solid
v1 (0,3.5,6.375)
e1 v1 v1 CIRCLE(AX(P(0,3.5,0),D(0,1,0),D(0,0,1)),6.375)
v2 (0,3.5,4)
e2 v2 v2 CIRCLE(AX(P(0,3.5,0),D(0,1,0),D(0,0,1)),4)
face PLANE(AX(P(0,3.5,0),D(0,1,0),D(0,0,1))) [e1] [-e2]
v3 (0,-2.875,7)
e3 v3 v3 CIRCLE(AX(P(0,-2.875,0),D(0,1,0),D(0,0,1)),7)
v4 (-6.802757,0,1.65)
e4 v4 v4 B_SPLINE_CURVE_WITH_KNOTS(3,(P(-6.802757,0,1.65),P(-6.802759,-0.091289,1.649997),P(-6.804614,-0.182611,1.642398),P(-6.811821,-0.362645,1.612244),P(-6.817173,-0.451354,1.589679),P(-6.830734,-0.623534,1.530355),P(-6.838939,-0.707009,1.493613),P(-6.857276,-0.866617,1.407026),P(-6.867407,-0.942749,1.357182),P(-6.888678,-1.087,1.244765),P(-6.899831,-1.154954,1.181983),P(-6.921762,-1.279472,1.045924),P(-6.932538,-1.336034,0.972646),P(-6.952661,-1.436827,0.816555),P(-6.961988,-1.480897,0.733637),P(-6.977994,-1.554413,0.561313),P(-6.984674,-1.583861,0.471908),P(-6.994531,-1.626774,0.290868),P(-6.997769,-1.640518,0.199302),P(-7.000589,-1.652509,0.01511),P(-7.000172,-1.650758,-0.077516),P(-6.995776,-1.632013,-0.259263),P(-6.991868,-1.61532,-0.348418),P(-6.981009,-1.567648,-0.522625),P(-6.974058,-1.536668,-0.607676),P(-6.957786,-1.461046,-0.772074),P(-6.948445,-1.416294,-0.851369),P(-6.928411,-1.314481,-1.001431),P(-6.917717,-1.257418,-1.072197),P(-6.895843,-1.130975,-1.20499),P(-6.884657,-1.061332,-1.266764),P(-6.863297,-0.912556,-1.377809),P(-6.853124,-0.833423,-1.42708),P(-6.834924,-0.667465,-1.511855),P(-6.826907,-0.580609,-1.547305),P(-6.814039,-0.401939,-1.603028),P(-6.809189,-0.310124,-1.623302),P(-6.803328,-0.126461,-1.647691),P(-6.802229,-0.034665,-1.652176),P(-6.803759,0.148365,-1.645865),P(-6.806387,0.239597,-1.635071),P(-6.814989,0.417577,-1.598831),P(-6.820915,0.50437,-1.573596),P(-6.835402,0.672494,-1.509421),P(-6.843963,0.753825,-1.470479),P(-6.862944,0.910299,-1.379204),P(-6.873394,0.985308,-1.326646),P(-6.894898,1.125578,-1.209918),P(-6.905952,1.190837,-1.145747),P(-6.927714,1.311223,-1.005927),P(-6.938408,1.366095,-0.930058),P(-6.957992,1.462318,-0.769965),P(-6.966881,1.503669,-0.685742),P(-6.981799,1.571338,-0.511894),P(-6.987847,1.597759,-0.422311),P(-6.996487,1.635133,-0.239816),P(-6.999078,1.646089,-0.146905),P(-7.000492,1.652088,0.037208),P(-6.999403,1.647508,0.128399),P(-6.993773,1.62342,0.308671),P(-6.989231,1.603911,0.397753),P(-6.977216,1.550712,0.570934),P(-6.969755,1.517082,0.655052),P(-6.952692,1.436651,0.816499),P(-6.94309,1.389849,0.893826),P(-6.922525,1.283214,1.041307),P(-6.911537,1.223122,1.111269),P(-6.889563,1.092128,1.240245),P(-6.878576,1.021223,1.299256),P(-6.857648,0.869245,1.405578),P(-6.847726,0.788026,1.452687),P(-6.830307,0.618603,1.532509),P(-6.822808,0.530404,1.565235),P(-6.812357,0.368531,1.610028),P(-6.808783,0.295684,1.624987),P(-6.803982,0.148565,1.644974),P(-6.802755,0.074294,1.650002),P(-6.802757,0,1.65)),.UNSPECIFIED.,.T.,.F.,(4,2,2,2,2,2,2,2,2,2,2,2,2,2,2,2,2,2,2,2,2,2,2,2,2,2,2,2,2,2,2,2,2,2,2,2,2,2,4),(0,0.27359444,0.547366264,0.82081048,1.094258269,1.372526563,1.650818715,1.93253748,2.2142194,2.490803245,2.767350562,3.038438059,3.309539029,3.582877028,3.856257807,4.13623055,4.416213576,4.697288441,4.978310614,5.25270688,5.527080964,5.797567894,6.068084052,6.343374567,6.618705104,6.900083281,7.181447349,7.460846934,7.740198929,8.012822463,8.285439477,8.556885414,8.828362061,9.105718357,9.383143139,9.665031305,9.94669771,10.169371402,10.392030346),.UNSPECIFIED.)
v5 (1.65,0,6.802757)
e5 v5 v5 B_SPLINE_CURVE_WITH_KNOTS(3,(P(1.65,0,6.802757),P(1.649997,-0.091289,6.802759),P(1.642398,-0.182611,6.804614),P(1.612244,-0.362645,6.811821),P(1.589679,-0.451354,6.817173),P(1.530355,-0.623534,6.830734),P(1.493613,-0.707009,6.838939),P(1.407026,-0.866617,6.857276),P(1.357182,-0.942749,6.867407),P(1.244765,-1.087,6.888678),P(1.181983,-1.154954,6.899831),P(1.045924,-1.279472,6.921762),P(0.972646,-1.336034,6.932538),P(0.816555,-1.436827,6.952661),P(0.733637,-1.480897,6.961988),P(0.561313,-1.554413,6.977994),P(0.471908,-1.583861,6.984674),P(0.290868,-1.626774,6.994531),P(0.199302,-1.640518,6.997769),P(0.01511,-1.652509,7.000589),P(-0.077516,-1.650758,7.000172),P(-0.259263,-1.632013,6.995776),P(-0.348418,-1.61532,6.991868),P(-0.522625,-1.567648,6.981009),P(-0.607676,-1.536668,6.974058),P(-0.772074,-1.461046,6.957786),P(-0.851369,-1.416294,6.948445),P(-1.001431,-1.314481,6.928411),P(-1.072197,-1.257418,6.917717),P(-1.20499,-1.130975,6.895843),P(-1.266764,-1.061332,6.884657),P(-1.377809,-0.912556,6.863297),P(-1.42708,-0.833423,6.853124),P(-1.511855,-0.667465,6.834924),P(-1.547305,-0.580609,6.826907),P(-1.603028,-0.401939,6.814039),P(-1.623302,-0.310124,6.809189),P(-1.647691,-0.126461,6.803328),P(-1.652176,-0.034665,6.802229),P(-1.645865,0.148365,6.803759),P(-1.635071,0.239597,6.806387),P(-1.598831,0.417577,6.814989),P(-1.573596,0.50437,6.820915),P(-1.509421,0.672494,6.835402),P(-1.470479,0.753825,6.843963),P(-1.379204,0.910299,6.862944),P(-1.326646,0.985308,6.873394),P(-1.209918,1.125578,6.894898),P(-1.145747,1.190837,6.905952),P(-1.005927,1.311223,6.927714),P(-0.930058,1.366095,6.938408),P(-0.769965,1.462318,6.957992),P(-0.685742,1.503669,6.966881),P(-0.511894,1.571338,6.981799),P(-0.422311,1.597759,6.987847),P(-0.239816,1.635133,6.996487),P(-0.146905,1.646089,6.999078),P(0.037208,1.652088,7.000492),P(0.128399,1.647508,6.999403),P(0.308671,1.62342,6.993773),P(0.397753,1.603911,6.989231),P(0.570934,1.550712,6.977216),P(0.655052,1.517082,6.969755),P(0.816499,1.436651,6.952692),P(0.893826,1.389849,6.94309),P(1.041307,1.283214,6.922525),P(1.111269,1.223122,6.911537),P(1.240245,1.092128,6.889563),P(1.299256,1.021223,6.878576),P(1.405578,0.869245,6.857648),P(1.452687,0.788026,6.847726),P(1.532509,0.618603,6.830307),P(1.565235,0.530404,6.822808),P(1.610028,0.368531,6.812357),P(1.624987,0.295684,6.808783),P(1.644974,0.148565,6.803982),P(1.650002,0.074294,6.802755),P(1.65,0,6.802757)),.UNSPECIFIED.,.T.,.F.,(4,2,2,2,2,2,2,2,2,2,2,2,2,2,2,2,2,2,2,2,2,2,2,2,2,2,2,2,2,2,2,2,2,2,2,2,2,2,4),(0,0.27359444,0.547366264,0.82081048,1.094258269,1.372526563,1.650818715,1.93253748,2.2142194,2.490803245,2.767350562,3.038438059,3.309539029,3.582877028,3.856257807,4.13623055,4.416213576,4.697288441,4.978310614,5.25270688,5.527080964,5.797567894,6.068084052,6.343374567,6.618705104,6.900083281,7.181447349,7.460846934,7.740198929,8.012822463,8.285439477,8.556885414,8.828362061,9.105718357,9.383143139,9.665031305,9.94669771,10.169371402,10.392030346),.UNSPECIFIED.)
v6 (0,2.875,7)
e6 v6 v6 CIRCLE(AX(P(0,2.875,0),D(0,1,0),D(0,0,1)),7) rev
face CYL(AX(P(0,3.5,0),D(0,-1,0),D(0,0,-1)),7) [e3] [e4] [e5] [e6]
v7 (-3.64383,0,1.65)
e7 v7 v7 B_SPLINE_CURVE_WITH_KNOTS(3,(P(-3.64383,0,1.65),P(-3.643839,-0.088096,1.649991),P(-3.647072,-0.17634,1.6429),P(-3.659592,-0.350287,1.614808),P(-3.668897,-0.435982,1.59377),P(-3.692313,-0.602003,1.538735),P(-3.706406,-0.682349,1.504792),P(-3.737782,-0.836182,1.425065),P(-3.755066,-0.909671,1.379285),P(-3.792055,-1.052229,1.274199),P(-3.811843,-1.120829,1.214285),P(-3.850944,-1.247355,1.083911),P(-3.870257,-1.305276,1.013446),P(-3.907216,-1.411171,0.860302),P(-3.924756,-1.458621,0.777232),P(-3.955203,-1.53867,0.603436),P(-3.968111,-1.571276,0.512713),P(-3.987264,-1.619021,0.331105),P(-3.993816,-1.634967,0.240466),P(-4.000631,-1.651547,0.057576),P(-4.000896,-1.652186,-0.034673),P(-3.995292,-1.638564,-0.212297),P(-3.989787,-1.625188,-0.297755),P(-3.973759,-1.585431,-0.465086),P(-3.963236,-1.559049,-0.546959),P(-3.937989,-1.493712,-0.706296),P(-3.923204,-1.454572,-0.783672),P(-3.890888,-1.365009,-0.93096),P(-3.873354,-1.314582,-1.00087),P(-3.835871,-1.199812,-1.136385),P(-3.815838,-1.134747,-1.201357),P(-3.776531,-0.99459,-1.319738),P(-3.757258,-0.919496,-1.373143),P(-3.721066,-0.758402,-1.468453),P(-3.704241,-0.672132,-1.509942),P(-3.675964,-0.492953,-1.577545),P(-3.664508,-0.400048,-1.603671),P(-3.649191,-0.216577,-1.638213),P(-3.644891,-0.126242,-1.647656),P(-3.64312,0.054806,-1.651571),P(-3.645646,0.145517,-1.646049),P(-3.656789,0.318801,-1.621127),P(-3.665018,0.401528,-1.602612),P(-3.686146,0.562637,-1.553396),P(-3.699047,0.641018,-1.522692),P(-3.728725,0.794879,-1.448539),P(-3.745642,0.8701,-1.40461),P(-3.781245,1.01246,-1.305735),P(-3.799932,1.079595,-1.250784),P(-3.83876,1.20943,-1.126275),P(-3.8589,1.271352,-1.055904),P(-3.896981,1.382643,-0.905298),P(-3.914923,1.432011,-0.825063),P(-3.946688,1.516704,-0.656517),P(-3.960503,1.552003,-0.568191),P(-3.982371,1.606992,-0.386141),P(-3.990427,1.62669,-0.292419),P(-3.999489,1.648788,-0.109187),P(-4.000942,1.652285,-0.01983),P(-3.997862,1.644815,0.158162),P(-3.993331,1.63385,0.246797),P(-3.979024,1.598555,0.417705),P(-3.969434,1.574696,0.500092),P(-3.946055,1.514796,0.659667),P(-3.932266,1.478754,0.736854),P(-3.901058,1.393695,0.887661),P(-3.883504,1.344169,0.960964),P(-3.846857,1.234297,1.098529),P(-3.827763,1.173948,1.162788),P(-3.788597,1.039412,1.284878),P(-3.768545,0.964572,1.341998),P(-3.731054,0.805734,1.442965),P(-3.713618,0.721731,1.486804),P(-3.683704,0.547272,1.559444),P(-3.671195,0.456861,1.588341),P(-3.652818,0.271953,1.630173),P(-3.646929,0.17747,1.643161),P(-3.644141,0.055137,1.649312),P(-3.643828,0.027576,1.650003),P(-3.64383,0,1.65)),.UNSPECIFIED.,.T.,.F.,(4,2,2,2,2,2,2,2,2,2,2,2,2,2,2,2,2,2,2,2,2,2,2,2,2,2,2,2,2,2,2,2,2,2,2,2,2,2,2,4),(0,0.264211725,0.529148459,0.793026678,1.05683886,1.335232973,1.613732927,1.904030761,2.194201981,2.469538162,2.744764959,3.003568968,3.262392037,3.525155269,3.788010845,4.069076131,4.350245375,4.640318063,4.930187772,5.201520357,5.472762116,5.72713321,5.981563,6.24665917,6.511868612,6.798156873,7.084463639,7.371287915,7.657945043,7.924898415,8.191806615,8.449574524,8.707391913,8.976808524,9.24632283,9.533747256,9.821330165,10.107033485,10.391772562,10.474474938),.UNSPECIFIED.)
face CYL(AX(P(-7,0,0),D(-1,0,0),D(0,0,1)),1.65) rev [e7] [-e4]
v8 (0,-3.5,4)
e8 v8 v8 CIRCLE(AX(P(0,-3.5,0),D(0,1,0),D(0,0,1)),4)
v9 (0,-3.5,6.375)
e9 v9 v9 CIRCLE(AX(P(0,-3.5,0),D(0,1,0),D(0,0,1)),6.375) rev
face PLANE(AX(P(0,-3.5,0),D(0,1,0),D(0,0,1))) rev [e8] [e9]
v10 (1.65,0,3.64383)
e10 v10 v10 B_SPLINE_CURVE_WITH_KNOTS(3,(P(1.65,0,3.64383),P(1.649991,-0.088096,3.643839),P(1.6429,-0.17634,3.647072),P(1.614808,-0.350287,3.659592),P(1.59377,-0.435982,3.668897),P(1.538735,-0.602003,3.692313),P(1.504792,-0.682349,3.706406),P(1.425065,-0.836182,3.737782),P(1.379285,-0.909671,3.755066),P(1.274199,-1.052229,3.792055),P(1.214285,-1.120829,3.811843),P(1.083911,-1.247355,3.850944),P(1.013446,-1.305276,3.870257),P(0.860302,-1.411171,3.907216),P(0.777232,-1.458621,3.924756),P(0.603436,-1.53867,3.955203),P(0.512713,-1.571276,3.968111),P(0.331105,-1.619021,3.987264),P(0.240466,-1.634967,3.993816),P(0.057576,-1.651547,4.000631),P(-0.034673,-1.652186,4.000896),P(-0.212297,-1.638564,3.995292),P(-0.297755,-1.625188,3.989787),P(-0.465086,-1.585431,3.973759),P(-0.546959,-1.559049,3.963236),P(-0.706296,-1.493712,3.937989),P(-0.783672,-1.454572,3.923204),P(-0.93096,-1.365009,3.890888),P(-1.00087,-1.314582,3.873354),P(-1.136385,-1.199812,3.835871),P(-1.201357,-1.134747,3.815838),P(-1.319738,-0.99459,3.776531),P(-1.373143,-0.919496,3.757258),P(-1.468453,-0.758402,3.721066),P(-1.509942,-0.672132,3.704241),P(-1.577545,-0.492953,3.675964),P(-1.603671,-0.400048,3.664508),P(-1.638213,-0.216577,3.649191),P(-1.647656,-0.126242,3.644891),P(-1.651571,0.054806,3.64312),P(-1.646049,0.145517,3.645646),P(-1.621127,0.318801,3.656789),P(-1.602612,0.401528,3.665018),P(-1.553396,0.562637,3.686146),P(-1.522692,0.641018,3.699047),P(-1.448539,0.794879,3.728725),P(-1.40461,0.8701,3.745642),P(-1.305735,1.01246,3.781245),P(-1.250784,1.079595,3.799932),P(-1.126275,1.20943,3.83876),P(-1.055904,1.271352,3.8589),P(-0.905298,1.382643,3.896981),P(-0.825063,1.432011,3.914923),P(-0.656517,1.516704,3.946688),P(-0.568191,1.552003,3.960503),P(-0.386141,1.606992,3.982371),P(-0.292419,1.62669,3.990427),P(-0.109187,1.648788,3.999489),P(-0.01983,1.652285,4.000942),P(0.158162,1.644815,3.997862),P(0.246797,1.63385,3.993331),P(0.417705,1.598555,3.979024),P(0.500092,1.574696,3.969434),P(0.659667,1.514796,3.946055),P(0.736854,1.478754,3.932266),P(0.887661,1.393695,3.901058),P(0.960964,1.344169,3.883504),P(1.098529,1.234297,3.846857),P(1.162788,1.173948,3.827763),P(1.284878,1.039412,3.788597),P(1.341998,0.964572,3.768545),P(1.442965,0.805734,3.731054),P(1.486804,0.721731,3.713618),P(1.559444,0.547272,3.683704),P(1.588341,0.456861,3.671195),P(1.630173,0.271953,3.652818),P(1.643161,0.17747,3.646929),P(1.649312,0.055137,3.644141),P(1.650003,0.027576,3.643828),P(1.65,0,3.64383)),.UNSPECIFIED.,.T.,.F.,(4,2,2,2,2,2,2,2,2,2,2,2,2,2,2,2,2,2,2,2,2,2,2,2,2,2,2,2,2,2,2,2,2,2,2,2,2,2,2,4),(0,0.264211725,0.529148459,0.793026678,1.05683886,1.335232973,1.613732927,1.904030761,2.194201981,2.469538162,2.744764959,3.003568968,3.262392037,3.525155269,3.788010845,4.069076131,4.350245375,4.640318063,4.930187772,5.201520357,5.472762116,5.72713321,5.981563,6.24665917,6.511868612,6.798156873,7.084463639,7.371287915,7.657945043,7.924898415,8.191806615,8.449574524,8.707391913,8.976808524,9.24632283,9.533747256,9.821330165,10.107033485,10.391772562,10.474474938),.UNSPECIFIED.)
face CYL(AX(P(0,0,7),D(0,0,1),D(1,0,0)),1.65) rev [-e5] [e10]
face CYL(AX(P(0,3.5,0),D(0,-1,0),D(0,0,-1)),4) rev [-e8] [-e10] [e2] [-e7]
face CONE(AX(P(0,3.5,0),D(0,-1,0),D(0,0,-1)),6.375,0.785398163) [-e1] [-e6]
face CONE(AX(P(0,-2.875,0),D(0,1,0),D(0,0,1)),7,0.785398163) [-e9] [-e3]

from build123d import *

# Parameters (mm, degrees)
SKETCH1_R                  = 7
SKETCH1_R_2                = 4
BOSS_EXTRUDE1_DEPTH        = 3.5
M4X0_7_TAPPED_HOLE1_REACH  = 18.039
M4X0_7_TAPPED_HOLE1_BORE_R = 1.65
CHAMFER1_SIZE              = 0.625
CIRPATTERN1_COUNT          = 2
CIRPATTERN1_ANGLE          = 90


with BuildPart() as part:
    # Sketch1 → Boss-Extrude1 (new, symmetric)
    with BuildSketch(Plane(origin=(0, 0, 0), x_dir=(1, 0, 0), z_dir=(0, 1, 0))):
        with Locations(Location((0, 0, 0), (0, 0, 270))):
            Circle(SKETCH1_R)
        with Locations(Location((0, 0, 0), (0, 0, 270))):
            Circle(SKETCH1_R_2, mode=Mode.SUBTRACT)
    extrude(amount=BOSS_EXTRUDE1_DEPTH, both=True)

    # M4x0.7 Tapped Hole1 bore → M4x0.7 Tapped Hole1 (cut, up to next)
    with BuildSketch(Plane.XY.offset(7), mode=Mode.PRIVATE) as m4x0_7_tapped_hole1_sk1:
        Circle(M4X0_7_TAPPED_HOLE1_BORE_R)
    m4x0_7_tapped_hole1_tool1 = extrude(m4x0_7_tapped_hole1_sk1.sketch, amount=-M4X0_7_TAPPED_HOLE1_REACH, mode=Mode.PRIVATE) & part.part
    m4x0_7_tapped_hole1 = m4x0_7_tapped_hole1_tool1.solids().sort_by_distance((0, 0, 7))[0]
    add(m4x0_7_tapped_hole1, mode=Mode.SUBTRACT)

    # Chamfer1
    chamfer1_edges = [part.edges().sort_by_distance(p)[0] for p in [
        (0, -3.5, -7),
        (0, 3.5, -7),
    ]]
    chamfer(chamfer1_edges, length=CHAMFER1_SIZE)

    # CirPattern1: M4x0.7 Tapped Hole1 ×2 about axis
    cirpattern1_axis = Axis((0, 3.5, 0), (0, -1, 0))
    for i in range(1, CIRPATTERN1_COUNT):
        add(m4x0_7_tapped_hole1.rotate(cirpattern1_axis, i * CIRPATTERN1_ANGLE / (CIRPATTERN1_COUNT - 1)), mode=Mode.SUBTRACT)


solid = part.part
